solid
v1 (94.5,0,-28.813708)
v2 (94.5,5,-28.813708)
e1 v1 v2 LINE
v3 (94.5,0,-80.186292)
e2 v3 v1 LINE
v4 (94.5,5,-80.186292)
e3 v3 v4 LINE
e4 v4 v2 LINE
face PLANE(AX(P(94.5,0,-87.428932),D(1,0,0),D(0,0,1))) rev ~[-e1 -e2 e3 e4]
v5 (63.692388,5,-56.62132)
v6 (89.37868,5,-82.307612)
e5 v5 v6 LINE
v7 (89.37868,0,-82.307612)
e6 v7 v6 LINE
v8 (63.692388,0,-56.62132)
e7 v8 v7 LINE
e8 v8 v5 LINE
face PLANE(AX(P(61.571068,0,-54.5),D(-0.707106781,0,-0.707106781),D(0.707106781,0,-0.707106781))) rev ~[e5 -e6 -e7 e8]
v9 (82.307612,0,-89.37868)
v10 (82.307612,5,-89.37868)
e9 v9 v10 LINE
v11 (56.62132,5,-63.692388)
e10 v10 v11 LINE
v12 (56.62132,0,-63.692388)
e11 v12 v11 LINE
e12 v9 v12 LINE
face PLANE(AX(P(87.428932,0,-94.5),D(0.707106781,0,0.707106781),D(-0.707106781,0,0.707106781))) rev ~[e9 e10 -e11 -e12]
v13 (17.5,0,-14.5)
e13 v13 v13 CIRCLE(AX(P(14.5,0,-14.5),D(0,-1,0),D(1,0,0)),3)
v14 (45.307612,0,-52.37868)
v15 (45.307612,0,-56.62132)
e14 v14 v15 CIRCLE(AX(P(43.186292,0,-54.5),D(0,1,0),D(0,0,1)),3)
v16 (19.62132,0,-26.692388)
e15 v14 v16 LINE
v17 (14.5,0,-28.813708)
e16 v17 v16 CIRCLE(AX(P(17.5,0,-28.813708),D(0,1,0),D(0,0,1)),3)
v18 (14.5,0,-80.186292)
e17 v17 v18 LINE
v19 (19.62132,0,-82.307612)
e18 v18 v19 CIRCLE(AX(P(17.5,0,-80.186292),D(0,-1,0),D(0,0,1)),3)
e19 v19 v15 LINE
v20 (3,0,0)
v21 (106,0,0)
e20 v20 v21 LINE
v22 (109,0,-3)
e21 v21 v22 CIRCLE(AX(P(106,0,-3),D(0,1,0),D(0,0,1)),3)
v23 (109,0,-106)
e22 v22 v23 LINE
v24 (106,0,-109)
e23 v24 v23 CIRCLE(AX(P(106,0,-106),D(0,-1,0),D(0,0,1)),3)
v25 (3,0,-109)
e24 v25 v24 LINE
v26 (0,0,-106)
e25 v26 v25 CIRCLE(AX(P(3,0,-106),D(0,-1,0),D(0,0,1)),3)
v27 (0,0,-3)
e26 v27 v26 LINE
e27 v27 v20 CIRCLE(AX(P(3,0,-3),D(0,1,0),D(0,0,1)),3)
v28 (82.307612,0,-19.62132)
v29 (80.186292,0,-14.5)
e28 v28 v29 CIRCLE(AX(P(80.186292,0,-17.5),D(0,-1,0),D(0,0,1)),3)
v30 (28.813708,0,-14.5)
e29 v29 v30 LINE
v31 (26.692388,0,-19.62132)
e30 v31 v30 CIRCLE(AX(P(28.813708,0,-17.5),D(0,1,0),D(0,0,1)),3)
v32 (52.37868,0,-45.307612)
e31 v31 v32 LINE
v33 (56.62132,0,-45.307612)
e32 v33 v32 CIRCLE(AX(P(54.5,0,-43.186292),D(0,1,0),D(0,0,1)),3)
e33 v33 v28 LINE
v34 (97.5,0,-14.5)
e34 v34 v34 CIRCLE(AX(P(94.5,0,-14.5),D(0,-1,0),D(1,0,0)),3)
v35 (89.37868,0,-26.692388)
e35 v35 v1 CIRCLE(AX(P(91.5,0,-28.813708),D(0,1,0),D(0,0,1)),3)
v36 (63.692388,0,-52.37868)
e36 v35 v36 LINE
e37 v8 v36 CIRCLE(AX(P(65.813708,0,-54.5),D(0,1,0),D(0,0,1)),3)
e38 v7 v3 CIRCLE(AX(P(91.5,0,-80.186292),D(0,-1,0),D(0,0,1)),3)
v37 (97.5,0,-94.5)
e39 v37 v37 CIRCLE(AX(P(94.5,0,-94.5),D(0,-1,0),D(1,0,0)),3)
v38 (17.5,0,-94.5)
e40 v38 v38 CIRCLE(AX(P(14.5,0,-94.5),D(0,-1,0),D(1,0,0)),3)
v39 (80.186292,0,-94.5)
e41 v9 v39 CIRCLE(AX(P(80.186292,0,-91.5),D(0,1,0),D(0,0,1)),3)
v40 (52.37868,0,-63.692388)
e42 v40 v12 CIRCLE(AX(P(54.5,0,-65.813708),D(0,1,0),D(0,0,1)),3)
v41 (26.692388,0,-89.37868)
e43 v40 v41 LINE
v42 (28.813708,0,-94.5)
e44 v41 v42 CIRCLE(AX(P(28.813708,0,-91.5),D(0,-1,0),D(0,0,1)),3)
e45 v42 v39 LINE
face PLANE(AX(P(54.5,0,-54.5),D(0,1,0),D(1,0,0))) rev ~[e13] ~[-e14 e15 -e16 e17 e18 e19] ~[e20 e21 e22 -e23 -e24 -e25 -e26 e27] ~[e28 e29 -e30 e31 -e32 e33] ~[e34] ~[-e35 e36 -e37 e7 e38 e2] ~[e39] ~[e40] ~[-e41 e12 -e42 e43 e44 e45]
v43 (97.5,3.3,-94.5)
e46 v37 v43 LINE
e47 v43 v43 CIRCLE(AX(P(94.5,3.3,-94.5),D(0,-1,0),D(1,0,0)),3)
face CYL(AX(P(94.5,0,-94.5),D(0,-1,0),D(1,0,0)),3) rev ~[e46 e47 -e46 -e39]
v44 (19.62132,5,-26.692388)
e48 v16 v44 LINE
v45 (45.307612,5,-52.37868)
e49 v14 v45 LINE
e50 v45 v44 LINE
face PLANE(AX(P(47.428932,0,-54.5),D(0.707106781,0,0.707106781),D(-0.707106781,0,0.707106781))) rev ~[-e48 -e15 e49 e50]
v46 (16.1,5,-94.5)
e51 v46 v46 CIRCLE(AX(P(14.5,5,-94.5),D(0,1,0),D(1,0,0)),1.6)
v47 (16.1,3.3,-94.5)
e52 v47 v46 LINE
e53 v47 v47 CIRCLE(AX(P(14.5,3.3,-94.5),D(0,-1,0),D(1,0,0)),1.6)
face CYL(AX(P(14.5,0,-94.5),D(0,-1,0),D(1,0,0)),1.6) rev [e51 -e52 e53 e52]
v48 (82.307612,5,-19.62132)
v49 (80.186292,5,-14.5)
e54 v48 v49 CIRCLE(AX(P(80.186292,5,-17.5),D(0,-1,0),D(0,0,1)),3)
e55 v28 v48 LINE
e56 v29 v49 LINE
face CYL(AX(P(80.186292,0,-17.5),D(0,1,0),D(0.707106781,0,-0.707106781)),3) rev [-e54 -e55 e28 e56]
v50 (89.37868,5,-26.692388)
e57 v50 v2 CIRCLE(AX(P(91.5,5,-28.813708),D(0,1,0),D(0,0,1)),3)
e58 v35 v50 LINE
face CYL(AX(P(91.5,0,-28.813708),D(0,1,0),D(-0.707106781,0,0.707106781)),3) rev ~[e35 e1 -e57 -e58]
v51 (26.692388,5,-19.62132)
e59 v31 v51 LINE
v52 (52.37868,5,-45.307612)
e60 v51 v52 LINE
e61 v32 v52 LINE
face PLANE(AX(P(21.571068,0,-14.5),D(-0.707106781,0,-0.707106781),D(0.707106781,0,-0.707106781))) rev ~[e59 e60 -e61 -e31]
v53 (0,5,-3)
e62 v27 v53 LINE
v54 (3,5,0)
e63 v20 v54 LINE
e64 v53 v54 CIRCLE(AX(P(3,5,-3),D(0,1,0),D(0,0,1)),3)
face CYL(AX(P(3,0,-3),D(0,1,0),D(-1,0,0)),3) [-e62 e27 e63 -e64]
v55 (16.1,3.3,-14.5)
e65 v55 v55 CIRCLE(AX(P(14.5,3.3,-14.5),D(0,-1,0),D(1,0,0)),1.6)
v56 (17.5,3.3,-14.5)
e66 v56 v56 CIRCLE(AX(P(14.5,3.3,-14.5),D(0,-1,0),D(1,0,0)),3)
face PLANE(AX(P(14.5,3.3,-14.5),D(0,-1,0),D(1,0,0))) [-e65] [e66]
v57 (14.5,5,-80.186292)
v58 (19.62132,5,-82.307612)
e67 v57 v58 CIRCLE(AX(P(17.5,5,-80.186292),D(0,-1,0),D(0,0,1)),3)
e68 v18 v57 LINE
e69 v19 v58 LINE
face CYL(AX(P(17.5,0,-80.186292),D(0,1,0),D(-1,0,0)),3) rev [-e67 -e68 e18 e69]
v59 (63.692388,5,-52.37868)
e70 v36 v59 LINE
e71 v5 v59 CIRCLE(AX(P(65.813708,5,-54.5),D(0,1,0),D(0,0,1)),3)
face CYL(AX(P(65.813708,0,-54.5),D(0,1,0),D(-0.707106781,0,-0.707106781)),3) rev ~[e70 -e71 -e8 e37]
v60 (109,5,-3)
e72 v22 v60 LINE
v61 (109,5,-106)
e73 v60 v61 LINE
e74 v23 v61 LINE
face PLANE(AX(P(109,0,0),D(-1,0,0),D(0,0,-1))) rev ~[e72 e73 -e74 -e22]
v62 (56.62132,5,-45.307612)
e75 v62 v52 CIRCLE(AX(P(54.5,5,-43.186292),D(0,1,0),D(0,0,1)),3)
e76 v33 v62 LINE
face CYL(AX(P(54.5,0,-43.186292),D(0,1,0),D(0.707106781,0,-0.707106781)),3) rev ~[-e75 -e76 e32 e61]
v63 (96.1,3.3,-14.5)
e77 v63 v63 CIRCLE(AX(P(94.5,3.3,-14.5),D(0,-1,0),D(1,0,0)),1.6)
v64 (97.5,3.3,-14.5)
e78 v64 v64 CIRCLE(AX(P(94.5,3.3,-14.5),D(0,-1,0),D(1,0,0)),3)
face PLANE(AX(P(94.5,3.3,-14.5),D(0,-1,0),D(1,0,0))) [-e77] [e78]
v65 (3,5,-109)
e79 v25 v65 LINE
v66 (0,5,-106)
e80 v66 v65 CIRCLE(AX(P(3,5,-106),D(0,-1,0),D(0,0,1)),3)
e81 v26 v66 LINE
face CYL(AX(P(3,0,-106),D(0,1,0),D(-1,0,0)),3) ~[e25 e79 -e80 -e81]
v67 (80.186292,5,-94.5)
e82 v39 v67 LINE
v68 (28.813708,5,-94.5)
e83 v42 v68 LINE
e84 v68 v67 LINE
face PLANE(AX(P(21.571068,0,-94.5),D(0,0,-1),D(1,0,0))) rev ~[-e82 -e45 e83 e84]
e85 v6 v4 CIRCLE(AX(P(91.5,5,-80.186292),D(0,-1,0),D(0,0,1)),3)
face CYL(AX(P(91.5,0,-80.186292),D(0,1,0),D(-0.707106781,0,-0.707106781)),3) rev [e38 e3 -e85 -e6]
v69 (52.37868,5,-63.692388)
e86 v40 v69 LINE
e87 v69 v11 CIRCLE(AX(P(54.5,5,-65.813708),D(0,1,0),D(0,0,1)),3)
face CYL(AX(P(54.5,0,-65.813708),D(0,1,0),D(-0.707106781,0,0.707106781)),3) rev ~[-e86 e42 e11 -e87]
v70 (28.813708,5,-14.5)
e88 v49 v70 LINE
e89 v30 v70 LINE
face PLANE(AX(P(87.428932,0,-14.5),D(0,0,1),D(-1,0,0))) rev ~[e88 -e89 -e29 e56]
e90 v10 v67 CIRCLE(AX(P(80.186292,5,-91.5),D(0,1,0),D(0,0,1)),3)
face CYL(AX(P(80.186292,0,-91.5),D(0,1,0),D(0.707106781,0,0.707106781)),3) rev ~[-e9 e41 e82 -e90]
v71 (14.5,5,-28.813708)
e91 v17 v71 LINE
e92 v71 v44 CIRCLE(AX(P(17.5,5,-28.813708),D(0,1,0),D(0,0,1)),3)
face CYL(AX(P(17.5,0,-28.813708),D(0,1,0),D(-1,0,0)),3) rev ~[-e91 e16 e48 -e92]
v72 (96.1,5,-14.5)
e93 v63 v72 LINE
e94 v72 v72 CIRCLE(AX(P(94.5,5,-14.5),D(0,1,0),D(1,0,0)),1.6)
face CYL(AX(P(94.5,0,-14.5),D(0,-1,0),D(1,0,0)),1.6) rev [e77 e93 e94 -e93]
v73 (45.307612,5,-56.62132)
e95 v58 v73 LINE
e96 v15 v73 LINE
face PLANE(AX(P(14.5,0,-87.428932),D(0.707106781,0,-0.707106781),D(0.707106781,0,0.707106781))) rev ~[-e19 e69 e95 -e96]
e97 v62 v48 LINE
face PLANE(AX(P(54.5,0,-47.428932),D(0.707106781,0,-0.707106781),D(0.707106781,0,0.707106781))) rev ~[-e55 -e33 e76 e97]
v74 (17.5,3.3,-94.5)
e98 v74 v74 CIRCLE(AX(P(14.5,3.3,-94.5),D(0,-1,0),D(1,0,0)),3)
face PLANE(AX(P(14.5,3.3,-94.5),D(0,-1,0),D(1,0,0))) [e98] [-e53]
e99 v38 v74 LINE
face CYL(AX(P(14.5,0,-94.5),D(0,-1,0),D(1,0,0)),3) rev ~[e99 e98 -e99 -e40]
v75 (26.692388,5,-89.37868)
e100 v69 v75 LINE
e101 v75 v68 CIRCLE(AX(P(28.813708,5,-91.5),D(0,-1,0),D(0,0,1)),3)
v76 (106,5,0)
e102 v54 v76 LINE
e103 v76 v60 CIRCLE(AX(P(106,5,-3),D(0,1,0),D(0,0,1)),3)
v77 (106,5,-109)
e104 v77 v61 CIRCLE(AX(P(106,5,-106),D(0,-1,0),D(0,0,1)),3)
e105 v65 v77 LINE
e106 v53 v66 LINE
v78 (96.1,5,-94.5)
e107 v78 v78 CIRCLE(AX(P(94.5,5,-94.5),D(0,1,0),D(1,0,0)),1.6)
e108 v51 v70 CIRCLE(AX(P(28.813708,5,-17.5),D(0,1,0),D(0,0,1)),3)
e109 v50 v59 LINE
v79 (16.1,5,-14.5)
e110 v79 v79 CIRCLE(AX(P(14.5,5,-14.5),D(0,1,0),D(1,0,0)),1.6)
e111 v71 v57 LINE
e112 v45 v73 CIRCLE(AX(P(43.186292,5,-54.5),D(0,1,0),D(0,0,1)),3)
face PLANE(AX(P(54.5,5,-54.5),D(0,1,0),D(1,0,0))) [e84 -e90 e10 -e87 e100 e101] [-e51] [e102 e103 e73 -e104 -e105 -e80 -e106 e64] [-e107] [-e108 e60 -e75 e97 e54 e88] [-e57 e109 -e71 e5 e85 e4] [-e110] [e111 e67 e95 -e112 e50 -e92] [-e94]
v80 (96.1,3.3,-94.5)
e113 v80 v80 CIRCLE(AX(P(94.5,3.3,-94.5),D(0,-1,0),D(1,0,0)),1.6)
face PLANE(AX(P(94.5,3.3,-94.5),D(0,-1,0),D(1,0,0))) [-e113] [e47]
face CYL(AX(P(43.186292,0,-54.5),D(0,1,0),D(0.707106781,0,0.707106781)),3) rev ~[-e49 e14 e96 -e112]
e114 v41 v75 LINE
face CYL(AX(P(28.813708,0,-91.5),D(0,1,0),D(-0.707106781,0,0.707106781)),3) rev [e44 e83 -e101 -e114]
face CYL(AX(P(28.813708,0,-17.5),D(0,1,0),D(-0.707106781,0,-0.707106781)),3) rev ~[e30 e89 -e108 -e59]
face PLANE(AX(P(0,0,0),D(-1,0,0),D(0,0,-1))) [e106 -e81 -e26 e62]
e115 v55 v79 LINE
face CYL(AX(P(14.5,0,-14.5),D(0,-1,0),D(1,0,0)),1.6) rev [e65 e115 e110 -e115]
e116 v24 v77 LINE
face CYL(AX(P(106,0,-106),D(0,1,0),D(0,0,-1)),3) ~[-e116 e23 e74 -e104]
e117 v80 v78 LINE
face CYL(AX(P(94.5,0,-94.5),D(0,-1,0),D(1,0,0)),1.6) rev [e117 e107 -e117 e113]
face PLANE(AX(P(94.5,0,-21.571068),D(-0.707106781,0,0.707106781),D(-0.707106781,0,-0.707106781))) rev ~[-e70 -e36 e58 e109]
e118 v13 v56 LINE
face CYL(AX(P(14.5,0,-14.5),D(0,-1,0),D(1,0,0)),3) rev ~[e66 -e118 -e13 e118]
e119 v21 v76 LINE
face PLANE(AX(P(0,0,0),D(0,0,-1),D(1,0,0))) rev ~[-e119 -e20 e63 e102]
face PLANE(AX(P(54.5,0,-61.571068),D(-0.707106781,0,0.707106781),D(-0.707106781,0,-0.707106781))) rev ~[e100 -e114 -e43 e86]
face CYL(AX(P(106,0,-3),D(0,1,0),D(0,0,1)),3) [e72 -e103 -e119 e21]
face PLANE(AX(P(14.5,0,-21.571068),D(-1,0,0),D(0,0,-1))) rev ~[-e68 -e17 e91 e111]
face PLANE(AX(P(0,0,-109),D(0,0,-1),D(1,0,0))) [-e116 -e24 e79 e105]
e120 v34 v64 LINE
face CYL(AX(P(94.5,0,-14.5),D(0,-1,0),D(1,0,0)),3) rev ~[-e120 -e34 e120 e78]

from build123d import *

# Parameters (mm, degrees)
SKETCH_1_W          = 109
SKETCH_1_H          = 109
SKETCH_1_R          = 1.6
EXTRUDE_2_DEPTH     = 5
FILLET_1_R          = 3
SKETCH_2_R          = 3
CUT_EXTRUDE_1_DEPTH = 3.3


with BuildPart() as part:
    # 草图1 → 凸台-拉伸2 (new body)
    with BuildSketch(Plane(origin=(0, 0, 0), x_dir=(1, 0, 0), z_dir=(0, 1, 0))):
        with Locations((54.5, 54.5)):
            Rectangle(SKETCH_1_W, SKETCH_1_H)
        with Locations((14.5, 94.5)):
            Circle(SKETCH_1_R, mode=Mode.SUBTRACT)
        with Locations((94.5, 94.5)):
            Circle(SKETCH_1_R, mode=Mode.SUBTRACT)
        with Locations((94.5, 14.5)):
            Circle(SKETCH_1_R, mode=Mode.SUBTRACT)
        with Locations((14.5, 14.5)):
            Circle(SKETCH_1_R, mode=Mode.SUBTRACT)
        Polygon((14.5, 87.428932188), (47.428932188, 54.5), (14.5, 21.571067812), align=None, mode=Mode.SUBTRACT)
        Polygon((21.571067812, 94.5), (87.428932188, 94.5), (54.5, 61.571067812), align=None, mode=Mode.SUBTRACT)
        Polygon((94.5, 87.428932188), (94.5, 21.571067812), (61.571067812, 54.5), align=None, mode=Mode.SUBTRACT)
        Polygon((87.428932188, 14.5), (21.571067812, 14.5), (54.5, 47.428932188), align=None, mode=Mode.SUBTRACT)
    extrude(amount=EXTRUDE_2_DEPTH)

    # 圆角1
    fillet_1_edges = [part.edges().sort_by_distance(p)[0] for p in [
        (14.5, 2.5, -87.428932188),
        (14.5, 2.5, -21.571067812),
        (47.428932188, 2.5, -54.5),
        (54.5, 2.5, -61.571067812),
        (87.428932188, 2.5, -94.5),
        (21.571067812, 2.5, -94.5),
        (61.571067812, 2.5, -54.5),
        (94.5, 2.5, -21.571067812),
        (94.5, 2.5, -87.428932188),
        (54.5, 2.5, -47.428932188),
        (21.571067812, 2.5, -14.5),
        (87.428932188, 2.5, -14.5),
        (0, 2.5, -109),
        (109, 2.5, -109),
        (109, 2.5, 0),
        (0, 2.5, 0),
    ]]
    fillet(fillet_1_edges, radius=FILLET_1_R)

    # 草图2 → 切除-拉伸1 (cut)
    with BuildSketch(Plane.XZ):
        with Locations((14.5, -14.5)):
            Circle(SKETCH_2_R)
        with Locations((94.5, -14.5)):
            Circle(SKETCH_2_R)
        with Locations((94.5, -94.5)):
            Circle(SKETCH_2_R)
        with Locations((14.5, -94.5)):
            Circle(SKETCH_2_R)
    extrude(amount=-CUT_EXTRUDE_1_DEPTH, mode=Mode.SUBTRACT)


solid = part.part
